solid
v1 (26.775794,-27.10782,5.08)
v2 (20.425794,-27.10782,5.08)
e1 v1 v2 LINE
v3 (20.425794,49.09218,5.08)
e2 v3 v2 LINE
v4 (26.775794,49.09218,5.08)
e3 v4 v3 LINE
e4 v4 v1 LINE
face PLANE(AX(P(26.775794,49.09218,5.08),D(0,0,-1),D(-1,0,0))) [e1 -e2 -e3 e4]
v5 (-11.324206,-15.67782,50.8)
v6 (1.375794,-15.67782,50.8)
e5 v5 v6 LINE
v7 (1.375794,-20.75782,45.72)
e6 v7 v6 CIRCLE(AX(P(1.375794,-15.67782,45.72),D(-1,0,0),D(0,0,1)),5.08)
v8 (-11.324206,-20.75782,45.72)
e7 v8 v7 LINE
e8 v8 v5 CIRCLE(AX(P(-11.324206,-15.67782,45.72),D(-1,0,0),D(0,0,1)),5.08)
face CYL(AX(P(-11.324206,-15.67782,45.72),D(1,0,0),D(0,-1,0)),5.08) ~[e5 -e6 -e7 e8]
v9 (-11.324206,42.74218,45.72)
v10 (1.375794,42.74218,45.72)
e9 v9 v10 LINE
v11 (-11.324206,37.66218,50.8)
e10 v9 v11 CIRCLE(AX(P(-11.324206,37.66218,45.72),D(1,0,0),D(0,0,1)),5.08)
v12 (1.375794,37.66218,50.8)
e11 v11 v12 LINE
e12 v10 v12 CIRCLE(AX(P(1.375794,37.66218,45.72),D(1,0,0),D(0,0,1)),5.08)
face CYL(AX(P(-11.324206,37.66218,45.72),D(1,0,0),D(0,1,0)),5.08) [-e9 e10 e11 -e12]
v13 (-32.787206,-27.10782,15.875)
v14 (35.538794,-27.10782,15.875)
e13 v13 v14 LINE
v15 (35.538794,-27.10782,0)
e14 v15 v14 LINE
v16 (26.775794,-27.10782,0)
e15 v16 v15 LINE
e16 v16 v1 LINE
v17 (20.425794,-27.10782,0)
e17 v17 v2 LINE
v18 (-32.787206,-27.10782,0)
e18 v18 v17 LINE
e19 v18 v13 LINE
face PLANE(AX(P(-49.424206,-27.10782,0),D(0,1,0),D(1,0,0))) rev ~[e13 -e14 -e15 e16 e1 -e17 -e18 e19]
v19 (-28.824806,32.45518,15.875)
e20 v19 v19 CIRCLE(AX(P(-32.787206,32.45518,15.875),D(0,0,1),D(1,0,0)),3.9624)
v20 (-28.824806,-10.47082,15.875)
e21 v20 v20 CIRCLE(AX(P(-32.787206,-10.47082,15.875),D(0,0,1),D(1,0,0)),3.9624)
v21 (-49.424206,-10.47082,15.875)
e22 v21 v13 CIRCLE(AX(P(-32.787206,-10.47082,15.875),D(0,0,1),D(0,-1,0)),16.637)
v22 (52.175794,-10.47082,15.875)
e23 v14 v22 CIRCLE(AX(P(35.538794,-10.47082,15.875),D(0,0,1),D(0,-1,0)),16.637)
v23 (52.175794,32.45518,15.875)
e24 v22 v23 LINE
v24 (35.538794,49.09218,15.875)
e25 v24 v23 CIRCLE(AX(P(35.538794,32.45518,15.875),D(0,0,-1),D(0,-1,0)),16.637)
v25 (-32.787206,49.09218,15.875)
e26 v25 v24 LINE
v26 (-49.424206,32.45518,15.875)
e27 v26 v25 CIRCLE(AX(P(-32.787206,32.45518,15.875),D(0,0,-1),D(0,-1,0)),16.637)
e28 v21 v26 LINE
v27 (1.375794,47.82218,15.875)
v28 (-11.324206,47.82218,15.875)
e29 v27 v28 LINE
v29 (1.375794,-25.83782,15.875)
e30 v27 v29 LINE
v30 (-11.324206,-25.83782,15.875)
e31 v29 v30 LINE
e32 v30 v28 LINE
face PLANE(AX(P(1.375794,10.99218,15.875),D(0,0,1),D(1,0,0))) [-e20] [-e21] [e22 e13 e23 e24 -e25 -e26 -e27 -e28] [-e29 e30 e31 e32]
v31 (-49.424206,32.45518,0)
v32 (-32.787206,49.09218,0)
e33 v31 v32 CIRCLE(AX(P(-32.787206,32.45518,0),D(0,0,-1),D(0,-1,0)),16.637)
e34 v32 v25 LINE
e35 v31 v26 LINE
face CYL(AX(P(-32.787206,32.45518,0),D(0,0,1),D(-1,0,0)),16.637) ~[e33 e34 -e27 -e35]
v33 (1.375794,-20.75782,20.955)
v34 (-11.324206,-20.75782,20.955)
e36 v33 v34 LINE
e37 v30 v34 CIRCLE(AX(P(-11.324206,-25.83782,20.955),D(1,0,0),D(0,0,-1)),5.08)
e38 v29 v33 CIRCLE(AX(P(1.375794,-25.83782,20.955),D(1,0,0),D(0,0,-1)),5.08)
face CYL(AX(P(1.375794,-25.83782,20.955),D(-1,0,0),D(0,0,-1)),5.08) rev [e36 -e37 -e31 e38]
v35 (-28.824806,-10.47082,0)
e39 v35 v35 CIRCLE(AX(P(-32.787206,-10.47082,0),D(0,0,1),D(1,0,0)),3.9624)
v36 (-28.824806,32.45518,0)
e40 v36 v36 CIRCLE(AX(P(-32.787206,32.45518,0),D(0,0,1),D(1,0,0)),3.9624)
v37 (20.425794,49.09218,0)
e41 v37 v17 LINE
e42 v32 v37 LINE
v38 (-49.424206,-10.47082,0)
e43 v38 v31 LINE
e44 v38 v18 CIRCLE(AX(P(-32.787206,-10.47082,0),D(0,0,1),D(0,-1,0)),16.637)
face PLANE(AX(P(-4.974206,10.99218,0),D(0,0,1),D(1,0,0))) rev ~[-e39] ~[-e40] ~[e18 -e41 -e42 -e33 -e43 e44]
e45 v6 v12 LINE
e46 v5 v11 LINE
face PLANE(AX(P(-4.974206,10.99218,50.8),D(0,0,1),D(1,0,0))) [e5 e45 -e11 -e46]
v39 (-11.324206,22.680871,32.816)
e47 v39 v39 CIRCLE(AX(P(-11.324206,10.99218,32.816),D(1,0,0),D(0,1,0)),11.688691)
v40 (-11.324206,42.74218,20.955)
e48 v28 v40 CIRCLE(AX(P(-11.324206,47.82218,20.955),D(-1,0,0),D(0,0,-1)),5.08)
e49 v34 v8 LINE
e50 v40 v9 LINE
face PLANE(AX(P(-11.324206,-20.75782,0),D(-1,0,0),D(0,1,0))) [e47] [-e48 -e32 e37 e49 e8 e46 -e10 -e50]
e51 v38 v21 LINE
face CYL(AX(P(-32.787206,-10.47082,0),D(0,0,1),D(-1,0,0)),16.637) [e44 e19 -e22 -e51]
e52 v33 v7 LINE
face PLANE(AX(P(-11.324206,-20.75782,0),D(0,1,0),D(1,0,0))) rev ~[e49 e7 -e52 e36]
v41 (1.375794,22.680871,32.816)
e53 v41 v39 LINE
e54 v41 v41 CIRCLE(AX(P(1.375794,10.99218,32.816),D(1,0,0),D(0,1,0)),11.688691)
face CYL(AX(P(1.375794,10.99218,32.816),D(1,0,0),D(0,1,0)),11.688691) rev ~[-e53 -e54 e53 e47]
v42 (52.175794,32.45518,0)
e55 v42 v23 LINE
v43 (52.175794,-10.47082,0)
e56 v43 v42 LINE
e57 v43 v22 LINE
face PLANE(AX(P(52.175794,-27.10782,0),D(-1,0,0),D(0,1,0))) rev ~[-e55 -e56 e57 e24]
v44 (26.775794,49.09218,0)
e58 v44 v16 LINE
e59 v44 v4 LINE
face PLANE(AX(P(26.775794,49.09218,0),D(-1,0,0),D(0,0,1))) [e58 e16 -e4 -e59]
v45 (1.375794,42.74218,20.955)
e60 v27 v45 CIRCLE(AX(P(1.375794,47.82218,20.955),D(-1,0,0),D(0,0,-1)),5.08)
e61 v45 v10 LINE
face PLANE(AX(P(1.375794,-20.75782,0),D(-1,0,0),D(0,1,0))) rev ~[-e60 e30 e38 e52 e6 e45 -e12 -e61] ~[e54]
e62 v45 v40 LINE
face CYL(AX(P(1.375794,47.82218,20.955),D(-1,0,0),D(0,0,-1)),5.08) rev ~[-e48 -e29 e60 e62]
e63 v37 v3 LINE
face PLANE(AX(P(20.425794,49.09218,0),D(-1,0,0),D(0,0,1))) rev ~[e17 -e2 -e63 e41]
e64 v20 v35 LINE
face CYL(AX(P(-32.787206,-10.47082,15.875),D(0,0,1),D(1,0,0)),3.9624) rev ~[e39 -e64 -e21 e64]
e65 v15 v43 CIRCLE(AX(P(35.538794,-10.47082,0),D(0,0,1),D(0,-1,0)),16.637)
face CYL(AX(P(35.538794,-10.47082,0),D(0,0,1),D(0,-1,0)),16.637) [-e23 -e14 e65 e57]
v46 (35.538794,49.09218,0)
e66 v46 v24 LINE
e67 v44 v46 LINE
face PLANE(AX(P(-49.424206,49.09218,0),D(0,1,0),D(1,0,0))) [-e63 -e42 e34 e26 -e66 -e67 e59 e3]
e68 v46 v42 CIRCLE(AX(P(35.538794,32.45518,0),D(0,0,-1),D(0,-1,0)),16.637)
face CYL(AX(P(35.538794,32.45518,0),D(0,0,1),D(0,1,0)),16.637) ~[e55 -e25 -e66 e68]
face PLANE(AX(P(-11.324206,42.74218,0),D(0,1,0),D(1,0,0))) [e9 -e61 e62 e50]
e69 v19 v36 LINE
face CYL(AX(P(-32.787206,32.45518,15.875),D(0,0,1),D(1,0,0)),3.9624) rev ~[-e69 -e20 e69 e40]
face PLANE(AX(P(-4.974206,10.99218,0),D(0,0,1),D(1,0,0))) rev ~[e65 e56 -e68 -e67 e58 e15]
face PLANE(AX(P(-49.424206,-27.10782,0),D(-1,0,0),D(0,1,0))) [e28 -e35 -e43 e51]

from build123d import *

# Parameters (mm, degrees)
F0_W      = 101.6
F0_H      = 76.2
F1_DEPTH  = 15.875
F2_R      = 3.9624
F3_DEPTH  = 15.875
F4_R      = 16.637
F5_W      = 12.7
F5_H      = 63.5
F6_DEPTH  = 50.8
F7_R      = 5.08
F8_R      = 11.688691
F9_DEPTH  = 25.4
F10_W     = 6.35
F10_H     = 5.08
F11_DEPTH = 101.6


with BuildPart() as f1:
    # F0 (on Top) → F1 (new body)
    with BuildSketch(Plane.XY):
        with Locations((1.375794, 10.99218)):
            Rectangle(F0_W, F0_H)
    extrude(amount=F1_DEPTH)

    # F2 (on face) → F3 (cut)
    with BuildSketch(Plane.XY.offset(15.875)):
        with Locations((-32.787206, 32.45518)):
            Circle(F2_R)
        with Locations((-32.787206, -10.47082)):
            Circle(F2_R)
    extrude(amount=-F3_DEPTH, mode=Mode.SUBTRACT)

    # F4
    f4_edges = [f1.edges().sort_by_distance(p)[0] for p in [
        (-49.424206, 49.09218, 7.9375),
        (52.175794, 49.09218, 7.9375),
        (52.175794, -27.10782, 7.9375),
        (-49.424206, -27.10782, 7.9375),
    ]]
    fillet(f4_edges, radius=F4_R)

    # F5 (on Top) → F6 (join)
    with BuildSketch(Plane.XY):
        with Locations((-4.974206, 10.99218)):
            Rectangle(F5_W, F5_H)
    extrude(amount=F6_DEPTH)

    # F7
    f7_edges = [f1.edges().sort_by_distance(p)[0] for p in [
        (-4.974206, 42.74218, 50.8),
        (-4.974206, -20.75782, 50.8),
        (-4.974206, -20.75782, 15.875),
        (-4.974206, 42.74218, 15.875),
    ]]
    fillet(f7_edges, radius=F7_R)

    # F8 (on face) → F9 (cut)
    with BuildSketch(Plane.YZ.offset(1.375794)):
        with Locations((10.99218, 32.816)):
            Circle(F8_R)
    extrude(amount=-F9_DEPTH, mode=Mode.SUBTRACT)

    # F10 (on face) → F11 (cut)
    with BuildSketch(Plane(origin=(0, 49.09218, 0), x_dir=(-1, 0, 0), z_dir=(0, 1, 0))):
        with Locations((-23.600794, 2.54)):
            Rectangle(F10_W, F10_H)
    extrude(amount=-F11_DEPTH, mode=Mode.SUBTRACT)


solid = f1.part
